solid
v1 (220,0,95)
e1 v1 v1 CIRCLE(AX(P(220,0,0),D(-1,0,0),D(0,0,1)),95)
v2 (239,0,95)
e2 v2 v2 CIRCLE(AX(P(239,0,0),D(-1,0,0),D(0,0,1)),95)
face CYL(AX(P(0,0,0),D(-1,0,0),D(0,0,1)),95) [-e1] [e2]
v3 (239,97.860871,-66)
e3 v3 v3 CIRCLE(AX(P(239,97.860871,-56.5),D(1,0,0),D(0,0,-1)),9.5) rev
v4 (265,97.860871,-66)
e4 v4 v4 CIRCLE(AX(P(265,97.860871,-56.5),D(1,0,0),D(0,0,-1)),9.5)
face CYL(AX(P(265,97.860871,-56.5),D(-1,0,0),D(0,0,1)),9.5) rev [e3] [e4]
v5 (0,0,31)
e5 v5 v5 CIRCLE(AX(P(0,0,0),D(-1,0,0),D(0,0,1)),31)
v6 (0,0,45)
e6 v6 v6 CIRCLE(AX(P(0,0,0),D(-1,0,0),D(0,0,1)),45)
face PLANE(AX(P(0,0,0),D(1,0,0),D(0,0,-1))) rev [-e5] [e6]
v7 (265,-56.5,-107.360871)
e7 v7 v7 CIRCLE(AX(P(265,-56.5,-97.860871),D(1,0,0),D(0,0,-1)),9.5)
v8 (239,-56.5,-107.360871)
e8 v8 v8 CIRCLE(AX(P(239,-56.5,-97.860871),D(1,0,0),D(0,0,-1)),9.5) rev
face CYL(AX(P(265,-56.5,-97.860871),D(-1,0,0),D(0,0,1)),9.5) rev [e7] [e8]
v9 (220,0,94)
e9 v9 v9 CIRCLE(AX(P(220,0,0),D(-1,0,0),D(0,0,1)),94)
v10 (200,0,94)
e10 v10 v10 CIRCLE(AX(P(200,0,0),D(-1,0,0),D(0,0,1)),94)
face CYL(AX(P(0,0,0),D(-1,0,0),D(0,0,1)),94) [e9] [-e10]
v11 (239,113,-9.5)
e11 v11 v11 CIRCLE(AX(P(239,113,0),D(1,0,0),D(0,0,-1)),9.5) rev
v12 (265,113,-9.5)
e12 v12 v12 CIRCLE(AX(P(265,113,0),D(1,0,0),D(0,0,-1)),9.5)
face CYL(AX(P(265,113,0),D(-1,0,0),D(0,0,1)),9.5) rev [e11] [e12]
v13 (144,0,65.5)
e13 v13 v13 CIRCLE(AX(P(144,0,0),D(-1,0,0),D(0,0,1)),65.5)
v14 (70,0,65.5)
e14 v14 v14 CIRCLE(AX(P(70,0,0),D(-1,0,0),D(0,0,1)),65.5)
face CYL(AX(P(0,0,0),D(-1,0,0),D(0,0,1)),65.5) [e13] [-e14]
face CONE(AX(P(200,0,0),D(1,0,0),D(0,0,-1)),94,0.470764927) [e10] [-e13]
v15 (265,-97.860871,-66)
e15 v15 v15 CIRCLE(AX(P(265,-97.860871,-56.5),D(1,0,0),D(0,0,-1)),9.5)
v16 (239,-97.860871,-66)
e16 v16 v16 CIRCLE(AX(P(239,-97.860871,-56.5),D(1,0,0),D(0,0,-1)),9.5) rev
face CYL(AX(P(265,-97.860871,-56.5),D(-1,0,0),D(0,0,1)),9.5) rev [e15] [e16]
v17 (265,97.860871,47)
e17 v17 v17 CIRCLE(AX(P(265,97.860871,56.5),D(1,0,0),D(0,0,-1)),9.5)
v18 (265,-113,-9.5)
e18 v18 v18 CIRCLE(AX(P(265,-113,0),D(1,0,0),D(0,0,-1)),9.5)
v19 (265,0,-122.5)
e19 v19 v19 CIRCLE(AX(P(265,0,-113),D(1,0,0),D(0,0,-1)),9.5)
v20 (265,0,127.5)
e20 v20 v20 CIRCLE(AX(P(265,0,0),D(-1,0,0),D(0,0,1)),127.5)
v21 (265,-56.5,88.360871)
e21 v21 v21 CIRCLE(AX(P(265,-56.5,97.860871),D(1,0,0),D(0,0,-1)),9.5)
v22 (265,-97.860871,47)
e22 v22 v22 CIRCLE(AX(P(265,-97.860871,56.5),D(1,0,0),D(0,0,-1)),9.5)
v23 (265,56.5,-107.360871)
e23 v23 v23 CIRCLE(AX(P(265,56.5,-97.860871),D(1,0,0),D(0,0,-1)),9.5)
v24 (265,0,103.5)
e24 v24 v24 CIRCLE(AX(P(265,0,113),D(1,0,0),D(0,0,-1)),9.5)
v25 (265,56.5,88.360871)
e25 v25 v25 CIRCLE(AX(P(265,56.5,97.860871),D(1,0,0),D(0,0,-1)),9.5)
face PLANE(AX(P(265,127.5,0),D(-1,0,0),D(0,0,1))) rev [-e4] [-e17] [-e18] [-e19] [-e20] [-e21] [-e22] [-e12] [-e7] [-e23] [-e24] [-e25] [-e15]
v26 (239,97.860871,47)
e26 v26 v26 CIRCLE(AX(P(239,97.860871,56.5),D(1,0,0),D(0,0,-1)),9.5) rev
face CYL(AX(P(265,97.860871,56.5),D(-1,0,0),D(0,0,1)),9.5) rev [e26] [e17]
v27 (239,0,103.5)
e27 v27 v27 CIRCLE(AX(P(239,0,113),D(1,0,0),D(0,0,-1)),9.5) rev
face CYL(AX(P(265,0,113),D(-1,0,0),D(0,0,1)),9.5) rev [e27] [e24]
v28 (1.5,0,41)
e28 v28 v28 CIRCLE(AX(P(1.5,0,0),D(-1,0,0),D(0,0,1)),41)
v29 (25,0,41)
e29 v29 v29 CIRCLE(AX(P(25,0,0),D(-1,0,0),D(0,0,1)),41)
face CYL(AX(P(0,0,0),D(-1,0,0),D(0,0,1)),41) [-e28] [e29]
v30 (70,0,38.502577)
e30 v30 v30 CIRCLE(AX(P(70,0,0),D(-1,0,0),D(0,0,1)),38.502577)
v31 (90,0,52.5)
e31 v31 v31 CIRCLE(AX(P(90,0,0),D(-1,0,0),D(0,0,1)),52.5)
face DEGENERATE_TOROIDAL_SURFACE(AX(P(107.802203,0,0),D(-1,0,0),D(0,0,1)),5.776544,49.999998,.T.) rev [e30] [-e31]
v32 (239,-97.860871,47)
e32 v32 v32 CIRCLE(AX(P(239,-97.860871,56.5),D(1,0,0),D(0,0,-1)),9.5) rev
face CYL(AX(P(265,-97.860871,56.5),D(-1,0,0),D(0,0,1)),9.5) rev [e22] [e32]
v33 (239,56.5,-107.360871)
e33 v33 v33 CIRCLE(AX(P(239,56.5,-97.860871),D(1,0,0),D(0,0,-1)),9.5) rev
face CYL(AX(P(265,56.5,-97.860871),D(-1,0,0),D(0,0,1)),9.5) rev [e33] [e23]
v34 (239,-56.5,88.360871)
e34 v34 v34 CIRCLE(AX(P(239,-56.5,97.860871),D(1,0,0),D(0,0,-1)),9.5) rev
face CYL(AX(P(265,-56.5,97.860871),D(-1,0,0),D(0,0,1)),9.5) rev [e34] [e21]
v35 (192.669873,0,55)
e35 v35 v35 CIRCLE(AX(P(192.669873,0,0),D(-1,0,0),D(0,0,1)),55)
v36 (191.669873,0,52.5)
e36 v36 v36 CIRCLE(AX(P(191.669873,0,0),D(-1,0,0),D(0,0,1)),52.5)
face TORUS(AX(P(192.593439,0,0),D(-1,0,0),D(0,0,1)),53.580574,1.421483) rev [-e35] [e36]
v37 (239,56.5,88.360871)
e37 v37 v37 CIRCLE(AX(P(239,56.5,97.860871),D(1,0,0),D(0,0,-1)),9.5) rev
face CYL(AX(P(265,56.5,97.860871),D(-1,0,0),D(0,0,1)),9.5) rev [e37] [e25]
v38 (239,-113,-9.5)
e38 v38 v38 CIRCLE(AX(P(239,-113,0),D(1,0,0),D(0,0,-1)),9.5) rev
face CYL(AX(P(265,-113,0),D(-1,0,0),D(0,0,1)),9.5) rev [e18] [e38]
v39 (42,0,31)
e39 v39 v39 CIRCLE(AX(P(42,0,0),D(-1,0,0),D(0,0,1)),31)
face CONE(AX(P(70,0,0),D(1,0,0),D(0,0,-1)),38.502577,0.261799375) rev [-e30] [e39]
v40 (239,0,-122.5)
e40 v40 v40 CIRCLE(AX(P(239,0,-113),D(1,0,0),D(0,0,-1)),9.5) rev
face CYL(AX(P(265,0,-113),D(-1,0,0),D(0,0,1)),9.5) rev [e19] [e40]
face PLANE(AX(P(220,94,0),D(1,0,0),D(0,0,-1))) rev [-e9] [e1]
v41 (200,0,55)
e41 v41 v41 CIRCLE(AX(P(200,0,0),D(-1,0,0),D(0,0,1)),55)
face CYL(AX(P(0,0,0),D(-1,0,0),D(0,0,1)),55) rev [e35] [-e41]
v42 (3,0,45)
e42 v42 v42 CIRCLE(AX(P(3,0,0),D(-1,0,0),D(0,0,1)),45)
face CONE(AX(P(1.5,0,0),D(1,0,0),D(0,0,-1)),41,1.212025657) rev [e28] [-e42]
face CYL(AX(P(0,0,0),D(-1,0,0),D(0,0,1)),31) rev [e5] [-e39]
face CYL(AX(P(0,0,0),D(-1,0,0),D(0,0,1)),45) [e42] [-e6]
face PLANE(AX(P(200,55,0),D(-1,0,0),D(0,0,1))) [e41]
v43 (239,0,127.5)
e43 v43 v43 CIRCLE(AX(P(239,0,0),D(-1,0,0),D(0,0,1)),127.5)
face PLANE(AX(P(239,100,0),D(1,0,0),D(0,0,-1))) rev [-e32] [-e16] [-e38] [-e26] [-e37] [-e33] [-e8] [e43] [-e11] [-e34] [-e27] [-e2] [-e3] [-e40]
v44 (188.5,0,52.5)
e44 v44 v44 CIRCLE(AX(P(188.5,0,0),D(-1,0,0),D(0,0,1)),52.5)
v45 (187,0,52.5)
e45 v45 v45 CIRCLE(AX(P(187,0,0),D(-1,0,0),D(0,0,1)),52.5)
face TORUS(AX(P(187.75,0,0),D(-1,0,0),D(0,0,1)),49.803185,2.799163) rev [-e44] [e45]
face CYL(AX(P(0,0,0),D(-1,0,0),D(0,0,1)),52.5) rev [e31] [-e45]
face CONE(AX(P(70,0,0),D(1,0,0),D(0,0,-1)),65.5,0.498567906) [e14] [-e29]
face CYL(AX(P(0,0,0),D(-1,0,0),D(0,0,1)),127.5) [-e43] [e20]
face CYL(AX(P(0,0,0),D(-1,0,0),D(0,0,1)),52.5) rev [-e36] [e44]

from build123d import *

# Parameters (mm, degrees)
SKETCH_3_R           = 9.5
CUT_EXTRUDE_1_DEPTH  = 321.526909947
SKETCH_4_R           = 9.5
CUT_EXTRUDE_2_DEPTH  = 321.526909947
SKETCH_5_R           = 9.5
CUT_EXTRUDE_3_DEPTH  = 321.526909947
SKETCH_6_R           = 9.5
CUT_EXTRUDE_4_DEPTH  = 321.526909947
SKETCH_7_R           = 9.5
CUT_EXTRUDE_5_DEPTH  = 321.526909947
SKETCH_8_R           = 9.5
CUT_EXTRUDE_6_DEPTH  = 321.526909947
SKETCH_9_R           = 9.5
CUT_EXTRUDE_7_DEPTH  = 321.526909947
SKETCH_10_R          = 9.5
CUT_EXTRUDE_8_DEPTH  = 321.526909947
SKETCH_11_R          = 9.5
CUT_EXTRUDE_9_DEPTH  = 321.526909947
SKETCH_12_R          = 9.5
CUT_EXTRUDE_10_DEPTH = 321.526909947
SKETCH_13_R          = 9.5
CUT_EXTRUDE_11_DEPTH = 321.526909947
SKETCH_14_R          = 9.5
CUT_EXTRUDE_12_DEPTH = 321.526909947


with BuildPart() as part:
    # Эскиз1 → Повернуть1 (revolve)
    with BuildSketch(Plane.XY, mode=Mode.PRIVATE) as revolve_1_sk:
        Polygon((0, 0), (265, 0), (265, 127.5), (239, 127.5), (239, 100), (239, 95), (220, 95), (220, 94), (200, 94), (144, 65.5), (70, 65.5), (25, 41), (1.5, 41), (3, 45), (0, 45), align=None)
    revolve(revolve_1_sk.sketch.rotate(Axis((0, 0, 0), (1, 0, 0)), 90), axis=Axis((0, 0, 0), (1, 0, 0)))

    # Эскиз2 → Вырез-Повернуть1 (revolve, cut)
    with BuildSketch(Plane.XY, mode=Mode.PRIVATE) as cut_revolve_1_sk:
        with BuildLine():
            Line((0, 0), (200, 0))
            Line((200, 0), (200, 55))
            Line((200, 55), (192.669873, 55))
            ThreePointArc((192.669873, 55), (191.273625348, 54.108499061), (191.669873, 52.5))
            Line((191.669873, 52.5), (188.5, 52.5))
            ThreePointArc((188.5, 52.5), (187.75, 52.602347572), (187, 52.5))
            Line((187, 52.5), (177, 52.5))
            Line((177, 52.5), (95, 52.5))
            Line((95, 52.5), (90, 52.5))
            ThreePointArc((90, 52.5), (79.13262933, 46.740617582), (70, 38.502577))
            Line((70, 38.502577), (42, 31))
            Line((42, 31), (0, 31))
            Line((0, 31), (0, 0))
        make_face()
    revolve(cut_revolve_1_sk.sketch.rotate(Axis((0, 0, 0), (1, 0, 0)), 90), axis=Axis((0, 0, 0), (1, 0, 0)), mode=Mode.SUBTRACT)

    # Эскиз3 → Вырез-Вытянуть1 (cut, through all)
    with BuildSketch(Plane(origin=(0, 0, 0), x_dir=(0, 0, -1), z_dir=(1, 0, 0))):
        with Locations((0, 113)):
            Circle(SKETCH_3_R)
    extrude(amount=CUT_EXTRUDE_1_DEPTH, mode=Mode.SUBTRACT)

    # Эскиз4 → Вырез-Вытянуть2 (cut, through all)
    with BuildSketch(Plane(origin=(0, 0, 0), x_dir=(0, 0, -1), z_dir=(1, 0, 0))):
        with Locations((-56.5, 97.860870628)):
            Circle(SKETCH_4_R)
    extrude(amount=CUT_EXTRUDE_2_DEPTH, mode=Mode.SUBTRACT)

    # Эскиз5 → Вырез-Вытянуть3 (cut, through all)
    with BuildSketch(Plane(origin=(0, 0, 0), x_dir=(0, 0, -1), z_dir=(1, 0, 0))):
        with Locations((-97.860870628, 56.5)):
            Circle(SKETCH_5_R)
    extrude(amount=CUT_EXTRUDE_3_DEPTH, mode=Mode.SUBTRACT)

    # Эскиз6 → Вырез-Вытянуть4 (cut, through all)
    with BuildSketch(Plane(origin=(0, 0, 0), x_dir=(0, 0, -1), z_dir=(1, 0, 0))):
        with Locations((-113, 0)):
            Circle(SKETCH_6_R)
    extrude(amount=CUT_EXTRUDE_4_DEPTH, mode=Mode.SUBTRACT)

    # Эскиз7 → Вырез-Вытянуть5 (cut, through all)
    with BuildSketch(Plane(origin=(0, 0, 0), x_dir=(0, 0, -1), z_dir=(1, 0, 0))):
        with Locations((-97.860870628, -56.5)):
            Circle(SKETCH_7_R)
    extrude(amount=CUT_EXTRUDE_5_DEPTH, mode=Mode.SUBTRACT)

    # Эскиз8 → Вырез-Вытянуть6 (cut, through all)
    with BuildSketch(Plane(origin=(0, 0, 0), x_dir=(0, 0, -1), z_dir=(1, 0, 0))):
        with Locations((-56.5, -97.860870628)):
            Circle(SKETCH_8_R)
    extrude(amount=CUT_EXTRUDE_6_DEPTH, mode=Mode.SUBTRACT)

    # Эскиз9 → Вырез-Вытянуть7 (cut, through all)
    with BuildSketch(Plane(origin=(0, 0, 0), x_dir=(0, 0, -1), z_dir=(1, 0, 0))):
        with Locations((0, -113)):
            Circle(SKETCH_9_R)
    extrude(amount=CUT_EXTRUDE_7_DEPTH, mode=Mode.SUBTRACT)

    # Эскиз10 → Вырез-Вытянуть8 (cut, through all)
    with BuildSketch(Plane(origin=(0, 0, 0), x_dir=(0, 0, -1), z_dir=(1, 0, 0))):
        with Locations((56.5, -97.860870628)):
            Circle(SKETCH_10_R)
    extrude(amount=CUT_EXTRUDE_8_DEPTH, mode=Mode.SUBTRACT)

    # Эскиз11 → Вырез-Вытянуть9 (cut, through all)
    with BuildSketch(Plane(origin=(0, 0, 0), x_dir=(0, 0, -1), z_dir=(1, 0, 0))):
        with Locations((97.860870628, -56.5)):
            Circle(SKETCH_11_R)
    extrude(amount=CUT_EXTRUDE_9_DEPTH, mode=Mode.SUBTRACT)

    # Эскиз12 → Вырез-Вытянуть10 (cut, through all)
    with BuildSketch(Plane(origin=(0, 0, 0), x_dir=(0, 0, -1), z_dir=(1, 0, 0))):
        with Locations((113, 0)):
            Circle(SKETCH_12_R)
    extrude(amount=CUT_EXTRUDE_10_DEPTH, mode=Mode.SUBTRACT)

    # Эскиз13 → Вырез-Вытянуть11 (cut, through all)
    with BuildSketch(Plane(origin=(0, 0, 0), x_dir=(0, 0, -1), z_dir=(1, 0, 0))):
        with Locations((97.860870628, 56.5)):
            Circle(SKETCH_13_R)
    extrude(amount=CUT_EXTRUDE_11_DEPTH, mode=Mode.SUBTRACT)

    # Эскиз14 → Вырез-Вытянуть12 (cut, through all)
    with BuildSketch(Plane(origin=(0, 0, 0), x_dir=(0, 0, -1), z_dir=(1, 0, 0))):
        with Locations((56.5, 97.860870628)):
            Circle(SKETCH_14_R)
    extrude(amount=CUT_EXTRUDE_12_DEPTH, mode=Mode.SUBTRACT)


solid = part.part
